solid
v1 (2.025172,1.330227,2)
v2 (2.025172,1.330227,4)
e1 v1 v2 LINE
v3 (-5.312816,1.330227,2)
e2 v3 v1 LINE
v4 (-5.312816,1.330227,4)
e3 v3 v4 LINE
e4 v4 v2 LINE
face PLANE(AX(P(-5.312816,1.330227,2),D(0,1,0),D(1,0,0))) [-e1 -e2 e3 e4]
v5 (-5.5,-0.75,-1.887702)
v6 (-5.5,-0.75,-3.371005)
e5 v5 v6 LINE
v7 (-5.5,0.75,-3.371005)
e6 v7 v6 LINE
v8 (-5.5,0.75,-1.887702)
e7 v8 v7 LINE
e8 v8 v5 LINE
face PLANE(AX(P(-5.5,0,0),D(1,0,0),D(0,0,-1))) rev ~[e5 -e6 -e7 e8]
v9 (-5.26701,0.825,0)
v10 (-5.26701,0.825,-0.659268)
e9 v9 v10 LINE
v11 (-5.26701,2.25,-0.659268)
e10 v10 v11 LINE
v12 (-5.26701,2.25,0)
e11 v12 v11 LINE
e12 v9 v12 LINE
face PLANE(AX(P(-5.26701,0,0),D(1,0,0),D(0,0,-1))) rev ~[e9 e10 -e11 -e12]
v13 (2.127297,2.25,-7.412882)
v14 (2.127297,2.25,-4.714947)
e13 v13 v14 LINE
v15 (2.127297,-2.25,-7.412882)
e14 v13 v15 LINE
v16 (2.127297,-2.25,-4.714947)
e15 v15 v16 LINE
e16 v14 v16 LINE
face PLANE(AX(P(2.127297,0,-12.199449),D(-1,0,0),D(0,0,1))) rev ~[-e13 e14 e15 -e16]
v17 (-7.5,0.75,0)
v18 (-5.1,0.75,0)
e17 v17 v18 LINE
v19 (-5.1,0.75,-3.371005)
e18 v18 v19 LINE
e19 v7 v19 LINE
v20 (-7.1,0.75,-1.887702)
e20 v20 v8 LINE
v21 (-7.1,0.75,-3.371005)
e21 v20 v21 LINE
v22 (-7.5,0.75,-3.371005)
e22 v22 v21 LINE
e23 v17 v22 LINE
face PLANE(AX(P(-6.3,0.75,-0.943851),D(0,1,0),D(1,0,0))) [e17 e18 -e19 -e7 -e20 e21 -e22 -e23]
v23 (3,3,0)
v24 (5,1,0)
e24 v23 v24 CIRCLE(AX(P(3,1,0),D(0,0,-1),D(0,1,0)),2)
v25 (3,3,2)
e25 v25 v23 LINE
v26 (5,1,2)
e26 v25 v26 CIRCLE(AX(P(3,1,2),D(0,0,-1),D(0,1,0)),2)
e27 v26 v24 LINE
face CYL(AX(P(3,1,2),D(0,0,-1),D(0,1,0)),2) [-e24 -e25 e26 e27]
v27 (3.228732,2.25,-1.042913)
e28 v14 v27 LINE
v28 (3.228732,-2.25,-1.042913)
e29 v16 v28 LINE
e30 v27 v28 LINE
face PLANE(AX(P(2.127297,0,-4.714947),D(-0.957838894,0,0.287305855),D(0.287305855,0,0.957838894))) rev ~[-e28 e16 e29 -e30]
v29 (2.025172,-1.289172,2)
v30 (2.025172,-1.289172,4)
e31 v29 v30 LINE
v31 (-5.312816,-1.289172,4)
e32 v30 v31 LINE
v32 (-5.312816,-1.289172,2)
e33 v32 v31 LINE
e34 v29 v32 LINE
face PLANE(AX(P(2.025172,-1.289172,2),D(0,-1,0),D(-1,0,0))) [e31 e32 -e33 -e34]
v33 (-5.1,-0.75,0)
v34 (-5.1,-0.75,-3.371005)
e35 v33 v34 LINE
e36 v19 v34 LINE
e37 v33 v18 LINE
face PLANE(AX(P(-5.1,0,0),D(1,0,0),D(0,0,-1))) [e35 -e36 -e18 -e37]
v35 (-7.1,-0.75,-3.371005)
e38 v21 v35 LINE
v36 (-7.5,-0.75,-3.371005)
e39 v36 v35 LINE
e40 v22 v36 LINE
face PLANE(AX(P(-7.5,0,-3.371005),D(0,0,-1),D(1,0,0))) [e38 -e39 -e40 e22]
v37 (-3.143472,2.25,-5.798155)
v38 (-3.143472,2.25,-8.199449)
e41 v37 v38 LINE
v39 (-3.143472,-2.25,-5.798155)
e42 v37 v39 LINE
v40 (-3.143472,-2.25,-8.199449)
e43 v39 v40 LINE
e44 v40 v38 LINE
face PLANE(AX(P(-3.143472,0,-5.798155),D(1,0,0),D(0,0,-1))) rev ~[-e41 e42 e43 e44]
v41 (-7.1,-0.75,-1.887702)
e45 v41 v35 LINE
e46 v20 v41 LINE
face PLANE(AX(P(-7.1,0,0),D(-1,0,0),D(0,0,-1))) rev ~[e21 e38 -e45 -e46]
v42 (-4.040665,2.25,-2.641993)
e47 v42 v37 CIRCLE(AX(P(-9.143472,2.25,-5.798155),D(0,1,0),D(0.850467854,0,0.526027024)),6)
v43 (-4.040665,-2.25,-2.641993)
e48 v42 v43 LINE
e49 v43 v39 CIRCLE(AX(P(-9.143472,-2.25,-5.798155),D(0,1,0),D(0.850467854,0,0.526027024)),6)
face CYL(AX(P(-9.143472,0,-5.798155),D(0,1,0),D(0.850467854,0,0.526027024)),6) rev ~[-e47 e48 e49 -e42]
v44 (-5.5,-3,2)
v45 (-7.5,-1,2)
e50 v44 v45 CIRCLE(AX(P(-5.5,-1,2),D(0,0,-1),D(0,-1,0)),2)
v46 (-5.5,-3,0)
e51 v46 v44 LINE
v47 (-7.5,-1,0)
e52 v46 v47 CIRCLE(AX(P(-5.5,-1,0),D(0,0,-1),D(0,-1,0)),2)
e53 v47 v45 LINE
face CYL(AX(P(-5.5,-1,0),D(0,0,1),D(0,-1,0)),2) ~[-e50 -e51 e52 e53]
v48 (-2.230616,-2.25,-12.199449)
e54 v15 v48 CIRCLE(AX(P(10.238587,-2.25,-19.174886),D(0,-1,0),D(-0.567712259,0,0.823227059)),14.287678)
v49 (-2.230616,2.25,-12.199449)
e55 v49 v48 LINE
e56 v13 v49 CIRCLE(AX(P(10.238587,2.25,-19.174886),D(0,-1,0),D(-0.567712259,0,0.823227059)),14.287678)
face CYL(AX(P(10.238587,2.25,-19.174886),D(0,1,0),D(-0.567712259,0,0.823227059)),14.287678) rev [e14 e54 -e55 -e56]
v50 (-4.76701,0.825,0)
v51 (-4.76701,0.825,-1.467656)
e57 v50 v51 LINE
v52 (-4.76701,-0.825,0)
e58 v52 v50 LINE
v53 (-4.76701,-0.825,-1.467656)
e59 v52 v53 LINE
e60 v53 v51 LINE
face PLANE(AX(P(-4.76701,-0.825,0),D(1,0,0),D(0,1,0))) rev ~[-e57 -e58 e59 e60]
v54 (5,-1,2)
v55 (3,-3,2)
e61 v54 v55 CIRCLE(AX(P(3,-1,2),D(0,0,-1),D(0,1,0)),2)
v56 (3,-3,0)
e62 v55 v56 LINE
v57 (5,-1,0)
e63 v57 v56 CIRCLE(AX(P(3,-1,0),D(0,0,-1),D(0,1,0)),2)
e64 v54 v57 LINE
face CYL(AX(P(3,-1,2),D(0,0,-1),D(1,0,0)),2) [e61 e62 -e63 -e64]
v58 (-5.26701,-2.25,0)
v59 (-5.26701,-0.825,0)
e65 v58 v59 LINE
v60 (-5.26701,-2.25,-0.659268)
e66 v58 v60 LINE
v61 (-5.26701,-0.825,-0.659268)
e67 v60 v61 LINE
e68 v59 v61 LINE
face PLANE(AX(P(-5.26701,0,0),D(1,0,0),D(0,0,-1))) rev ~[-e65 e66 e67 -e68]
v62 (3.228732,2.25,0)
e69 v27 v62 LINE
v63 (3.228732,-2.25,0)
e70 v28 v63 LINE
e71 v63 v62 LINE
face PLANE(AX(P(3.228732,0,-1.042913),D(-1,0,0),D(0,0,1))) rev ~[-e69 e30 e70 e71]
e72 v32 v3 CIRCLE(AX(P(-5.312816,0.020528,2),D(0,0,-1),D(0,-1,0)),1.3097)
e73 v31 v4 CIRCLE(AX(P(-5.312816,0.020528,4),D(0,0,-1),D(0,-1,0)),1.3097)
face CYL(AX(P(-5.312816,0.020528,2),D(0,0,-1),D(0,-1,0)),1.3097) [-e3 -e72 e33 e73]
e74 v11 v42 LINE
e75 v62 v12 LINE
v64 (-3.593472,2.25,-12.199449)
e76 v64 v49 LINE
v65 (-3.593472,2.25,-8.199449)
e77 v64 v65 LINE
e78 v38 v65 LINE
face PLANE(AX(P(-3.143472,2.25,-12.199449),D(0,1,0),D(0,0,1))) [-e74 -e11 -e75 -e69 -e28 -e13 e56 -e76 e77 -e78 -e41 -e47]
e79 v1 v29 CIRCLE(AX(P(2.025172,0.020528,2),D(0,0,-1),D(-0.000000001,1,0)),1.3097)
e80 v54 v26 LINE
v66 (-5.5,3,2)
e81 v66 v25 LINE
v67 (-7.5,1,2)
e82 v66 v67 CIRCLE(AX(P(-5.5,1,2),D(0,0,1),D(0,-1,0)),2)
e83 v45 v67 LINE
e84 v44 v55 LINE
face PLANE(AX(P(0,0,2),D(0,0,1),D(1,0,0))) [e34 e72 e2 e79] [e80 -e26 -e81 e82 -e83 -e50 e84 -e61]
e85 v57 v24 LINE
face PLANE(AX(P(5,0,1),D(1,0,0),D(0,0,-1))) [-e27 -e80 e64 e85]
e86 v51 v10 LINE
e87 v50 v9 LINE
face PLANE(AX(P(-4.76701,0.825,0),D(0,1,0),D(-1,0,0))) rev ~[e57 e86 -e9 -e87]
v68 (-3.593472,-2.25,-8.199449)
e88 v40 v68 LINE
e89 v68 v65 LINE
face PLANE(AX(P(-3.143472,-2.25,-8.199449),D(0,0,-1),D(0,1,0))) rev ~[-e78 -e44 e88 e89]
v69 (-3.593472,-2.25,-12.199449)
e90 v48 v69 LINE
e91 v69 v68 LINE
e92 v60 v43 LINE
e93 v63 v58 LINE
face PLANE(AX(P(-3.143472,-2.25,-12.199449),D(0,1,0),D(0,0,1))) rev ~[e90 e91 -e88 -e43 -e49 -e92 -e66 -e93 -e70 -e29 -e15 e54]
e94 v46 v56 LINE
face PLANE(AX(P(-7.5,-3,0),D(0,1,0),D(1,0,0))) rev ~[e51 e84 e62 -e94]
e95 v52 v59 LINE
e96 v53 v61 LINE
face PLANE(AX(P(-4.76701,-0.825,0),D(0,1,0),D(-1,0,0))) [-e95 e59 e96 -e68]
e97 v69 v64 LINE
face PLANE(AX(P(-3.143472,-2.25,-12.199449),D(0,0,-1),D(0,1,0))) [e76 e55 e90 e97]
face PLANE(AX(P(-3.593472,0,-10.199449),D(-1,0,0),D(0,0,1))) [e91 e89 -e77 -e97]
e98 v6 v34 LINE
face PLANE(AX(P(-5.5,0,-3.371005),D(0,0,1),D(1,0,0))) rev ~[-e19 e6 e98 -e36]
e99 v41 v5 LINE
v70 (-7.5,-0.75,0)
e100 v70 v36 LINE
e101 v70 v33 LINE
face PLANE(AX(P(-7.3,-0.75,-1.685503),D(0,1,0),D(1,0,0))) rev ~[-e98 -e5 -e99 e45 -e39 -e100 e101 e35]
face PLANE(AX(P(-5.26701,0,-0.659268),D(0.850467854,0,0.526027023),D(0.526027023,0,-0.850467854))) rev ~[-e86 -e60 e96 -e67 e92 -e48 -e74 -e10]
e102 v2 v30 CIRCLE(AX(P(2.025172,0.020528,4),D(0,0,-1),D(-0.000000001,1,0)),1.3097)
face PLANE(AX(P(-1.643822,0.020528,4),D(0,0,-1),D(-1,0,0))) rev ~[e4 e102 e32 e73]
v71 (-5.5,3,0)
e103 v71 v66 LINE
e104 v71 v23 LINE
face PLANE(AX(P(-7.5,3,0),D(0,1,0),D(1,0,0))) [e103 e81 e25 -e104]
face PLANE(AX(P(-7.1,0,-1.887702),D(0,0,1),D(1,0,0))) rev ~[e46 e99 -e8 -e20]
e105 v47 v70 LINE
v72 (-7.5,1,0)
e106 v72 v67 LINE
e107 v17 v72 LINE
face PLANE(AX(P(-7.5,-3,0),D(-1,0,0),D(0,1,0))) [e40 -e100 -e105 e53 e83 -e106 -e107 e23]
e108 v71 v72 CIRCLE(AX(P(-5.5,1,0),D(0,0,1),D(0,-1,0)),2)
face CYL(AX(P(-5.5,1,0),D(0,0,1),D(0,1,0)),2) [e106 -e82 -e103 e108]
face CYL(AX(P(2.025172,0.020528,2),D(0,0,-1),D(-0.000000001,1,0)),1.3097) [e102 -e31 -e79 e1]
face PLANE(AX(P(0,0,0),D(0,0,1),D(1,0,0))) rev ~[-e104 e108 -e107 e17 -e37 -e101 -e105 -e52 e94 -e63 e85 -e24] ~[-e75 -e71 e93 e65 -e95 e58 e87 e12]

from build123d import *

# Parameters (mm, degrees)
SKETCH1_W            = 15
SKETCH1_H            = 6
BOSS_EXTRUDE1_DEPTH  = 2
BOSS_EXTRUDE2_DEPTH  = 2
BOSS_EXTRUDE3_DEPTH  = 2.25
SKETCH4_W            = 2
SKETCH4_H            = 6
CUT_EXTRUDE1_DEPTH   = 2.5
SKETCH7_W            = 4
SKETCH7_H            = 4.5
BOSS_EXTRUDE4_DEPTH  = 0.45
SKETCH14_W           = 0.5
SKETCH14_H           = 1.65
CUT_EXTRUDE5_DEPTH   = 2
SKETCH8_W            = 0.4
SKETCH8_H            = 3.371005291
BOSS_EXTRUDE5_DEPTH  = 0.75
CUT_EXTRUDE4_DEPTH   = 4.5
SKETCH12_W           = 1.6
SKETCH12_H           = 1.887701739
BOSS_EXTRUDE10_DEPTH = 0.75
FILLET1_R            = 2


with BuildPart() as part:
    # Sketch1 → Boss-Extrude1 (new body)
    with BuildSketch(Plane.XY):
        Rectangle(SKETCH1_W, SKETCH1_H)
    extrude(amount=BOSS_EXTRUDE1_DEPTH)

    # Sketch2 → Boss-Extrude2 (add)
    with BuildSketch(Plane.XY.offset(2)):
        with BuildLine():
            Line((-5.312816027, 1.330227393), (2.025172286, 1.330227393))
            ThreePointArc((2.025172286, 1.330227393), (3.334872121, 0.020527559), (2.025172286, -1.289172275))
            Line((2.025172286, -1.289172275), (-5.312816027, -1.289172275))
            ThreePointArc((-5.312816027, -1.289172275), (-6.622515861, 0.020527559), (-5.312816027, 1.330227393))
        make_face()
    extrude(amount=BOSS_EXTRUDE2_DEPTH)

    # Sketch3 → Boss-Extrude3 (add, symmetric)
    with BuildSketch(Plane(origin=(0, 0, 0), x_dir=(1, 0, 0), z_dir=(0, 1, 0))):
        with BuildLine():
            Line((-5.267009627, 0.659268098), (-4.040664768, 2.641993005))
            ThreePointArc((-4.040664768, 2.641993005), (-3.372127042, 4.157552016), (-3.143471892, 5.798155145))
            Line((-3.143471892, 5.798155145), (-3.143471892, 7.885245495))
            Line((-3.143471892, 7.885245495), (-3.143471892, 12.19944937))
            Line((-3.143471892, 12.19944937), (2.127297199, 12.19944937))
            Line((2.127297199, 12.19944937), (2.127297199, 7.885245495))
            Line((2.127297199, 7.885245495), (2.127297199, 4.714947067))
            Line((2.127297199, 4.714947067), (3.22873188, 1.042912685))
            Line((3.22873188, 1.042912685), (3.22873188, 0))
            Line((3.22873188, 0), (-5.267009627, 0))
            Line((-5.267009627, 0), (-5.267009627, 0.659268098))
        make_face()
    extrude(amount=BOSS_EXTRUDE3_DEPTH, both=True)

    # Sketch4 → Cut-Extrude1 (cut)
    with BuildSketch(Plane(origin=(7.5, 0, 0), x_dir=(0, 0, -1), z_dir=(1, 0, 0))):
        with Locations((-1, 0)):
            Rectangle(SKETCH4_W, SKETCH4_H)
    extrude(amount=-CUT_EXTRUDE1_DEPTH, mode=Mode.SUBTRACT)

    # Sketch7 → Boss-Extrude4 (add)
    with BuildSketch(Plane.ZY.offset(3.143471892)):
        with Locations((-10.19944937, 0)):
            Rectangle(SKETCH7_W, SKETCH7_H)
    extrude(amount=BOSS_EXTRUDE4_DEPTH)

    # Sketch14 → Cut-Extrude5 (cut)
    with BuildSketch(Plane(origin=(0, 0, 0), x_dir=(-1, 0, 0), z_dir=(0, 0, -1))):
        with Locations((5.017009627, 0)):
            Rectangle(SKETCH14_W, SKETCH14_H)
    extrude(amount=CUT_EXTRUDE5_DEPTH, mode=Mode.SUBTRACT)

    # Sketch8 → Boss-Extrude5 (add, symmetric)
    with BuildSketch(Plane(origin=(0, 0, 0), x_dir=(1, 0, 0), z_dir=(0, 1, 0))):
        with Locations((-7.3, 1.685502646)):
            Rectangle(SKETCH8_W, SKETCH8_H)
        with Locations((-5.3, 1.685502646)):
            Rectangle(SKETCH8_W, SKETCH8_H)
    extrude(amount=BOSS_EXTRUDE5_DEPTH, both=True)

    # Sketch11 → Cut-Extrude4 (cut)
    with BuildSketch(Plane(origin=(0, 2.25, 0), x_dir=(1, 0, 0), z_dir=(0, 1, 0))):
        with BuildLine():
            Line((-2.230616354, 12.19944937), (2.127297199, 12.19944937))
            Line((2.127297199, 12.19944937), (2.127297199, 7.412882239))
            ThreePointArc((2.127297199, 7.412882239), (-0.326306783, 9.556114202), (-2.230616354, 12.19944937))
        make_face()
    extrude(amount=-CUT_EXTRUDE4_DEPTH, mode=Mode.SUBTRACT)

    # Sketch12 → Boss-Extrude10 (add, symmetric)
    with BuildSketch(Plane(origin=(0, 0, 0), x_dir=(1, 0, 0), z_dir=(0, 1, 0))):
        with Locations((-6.3, 0.94385087)):
            Rectangle(SKETCH12_W, SKETCH12_H)
    extrude(amount=BOSS_EXTRUDE10_DEPTH, both=True)

    # Fillet1
    fillet1_edges = [part.edges().sort_by_distance(p)[0] for p in [
        (5, -3, 1),
        (5, 3, 1),
        (-7.5, -3, 1),
        (-7.5, 3, 1),
    ]]
    fillet(fillet1_edges, radius=FILLET1_R)


solid = part.part
